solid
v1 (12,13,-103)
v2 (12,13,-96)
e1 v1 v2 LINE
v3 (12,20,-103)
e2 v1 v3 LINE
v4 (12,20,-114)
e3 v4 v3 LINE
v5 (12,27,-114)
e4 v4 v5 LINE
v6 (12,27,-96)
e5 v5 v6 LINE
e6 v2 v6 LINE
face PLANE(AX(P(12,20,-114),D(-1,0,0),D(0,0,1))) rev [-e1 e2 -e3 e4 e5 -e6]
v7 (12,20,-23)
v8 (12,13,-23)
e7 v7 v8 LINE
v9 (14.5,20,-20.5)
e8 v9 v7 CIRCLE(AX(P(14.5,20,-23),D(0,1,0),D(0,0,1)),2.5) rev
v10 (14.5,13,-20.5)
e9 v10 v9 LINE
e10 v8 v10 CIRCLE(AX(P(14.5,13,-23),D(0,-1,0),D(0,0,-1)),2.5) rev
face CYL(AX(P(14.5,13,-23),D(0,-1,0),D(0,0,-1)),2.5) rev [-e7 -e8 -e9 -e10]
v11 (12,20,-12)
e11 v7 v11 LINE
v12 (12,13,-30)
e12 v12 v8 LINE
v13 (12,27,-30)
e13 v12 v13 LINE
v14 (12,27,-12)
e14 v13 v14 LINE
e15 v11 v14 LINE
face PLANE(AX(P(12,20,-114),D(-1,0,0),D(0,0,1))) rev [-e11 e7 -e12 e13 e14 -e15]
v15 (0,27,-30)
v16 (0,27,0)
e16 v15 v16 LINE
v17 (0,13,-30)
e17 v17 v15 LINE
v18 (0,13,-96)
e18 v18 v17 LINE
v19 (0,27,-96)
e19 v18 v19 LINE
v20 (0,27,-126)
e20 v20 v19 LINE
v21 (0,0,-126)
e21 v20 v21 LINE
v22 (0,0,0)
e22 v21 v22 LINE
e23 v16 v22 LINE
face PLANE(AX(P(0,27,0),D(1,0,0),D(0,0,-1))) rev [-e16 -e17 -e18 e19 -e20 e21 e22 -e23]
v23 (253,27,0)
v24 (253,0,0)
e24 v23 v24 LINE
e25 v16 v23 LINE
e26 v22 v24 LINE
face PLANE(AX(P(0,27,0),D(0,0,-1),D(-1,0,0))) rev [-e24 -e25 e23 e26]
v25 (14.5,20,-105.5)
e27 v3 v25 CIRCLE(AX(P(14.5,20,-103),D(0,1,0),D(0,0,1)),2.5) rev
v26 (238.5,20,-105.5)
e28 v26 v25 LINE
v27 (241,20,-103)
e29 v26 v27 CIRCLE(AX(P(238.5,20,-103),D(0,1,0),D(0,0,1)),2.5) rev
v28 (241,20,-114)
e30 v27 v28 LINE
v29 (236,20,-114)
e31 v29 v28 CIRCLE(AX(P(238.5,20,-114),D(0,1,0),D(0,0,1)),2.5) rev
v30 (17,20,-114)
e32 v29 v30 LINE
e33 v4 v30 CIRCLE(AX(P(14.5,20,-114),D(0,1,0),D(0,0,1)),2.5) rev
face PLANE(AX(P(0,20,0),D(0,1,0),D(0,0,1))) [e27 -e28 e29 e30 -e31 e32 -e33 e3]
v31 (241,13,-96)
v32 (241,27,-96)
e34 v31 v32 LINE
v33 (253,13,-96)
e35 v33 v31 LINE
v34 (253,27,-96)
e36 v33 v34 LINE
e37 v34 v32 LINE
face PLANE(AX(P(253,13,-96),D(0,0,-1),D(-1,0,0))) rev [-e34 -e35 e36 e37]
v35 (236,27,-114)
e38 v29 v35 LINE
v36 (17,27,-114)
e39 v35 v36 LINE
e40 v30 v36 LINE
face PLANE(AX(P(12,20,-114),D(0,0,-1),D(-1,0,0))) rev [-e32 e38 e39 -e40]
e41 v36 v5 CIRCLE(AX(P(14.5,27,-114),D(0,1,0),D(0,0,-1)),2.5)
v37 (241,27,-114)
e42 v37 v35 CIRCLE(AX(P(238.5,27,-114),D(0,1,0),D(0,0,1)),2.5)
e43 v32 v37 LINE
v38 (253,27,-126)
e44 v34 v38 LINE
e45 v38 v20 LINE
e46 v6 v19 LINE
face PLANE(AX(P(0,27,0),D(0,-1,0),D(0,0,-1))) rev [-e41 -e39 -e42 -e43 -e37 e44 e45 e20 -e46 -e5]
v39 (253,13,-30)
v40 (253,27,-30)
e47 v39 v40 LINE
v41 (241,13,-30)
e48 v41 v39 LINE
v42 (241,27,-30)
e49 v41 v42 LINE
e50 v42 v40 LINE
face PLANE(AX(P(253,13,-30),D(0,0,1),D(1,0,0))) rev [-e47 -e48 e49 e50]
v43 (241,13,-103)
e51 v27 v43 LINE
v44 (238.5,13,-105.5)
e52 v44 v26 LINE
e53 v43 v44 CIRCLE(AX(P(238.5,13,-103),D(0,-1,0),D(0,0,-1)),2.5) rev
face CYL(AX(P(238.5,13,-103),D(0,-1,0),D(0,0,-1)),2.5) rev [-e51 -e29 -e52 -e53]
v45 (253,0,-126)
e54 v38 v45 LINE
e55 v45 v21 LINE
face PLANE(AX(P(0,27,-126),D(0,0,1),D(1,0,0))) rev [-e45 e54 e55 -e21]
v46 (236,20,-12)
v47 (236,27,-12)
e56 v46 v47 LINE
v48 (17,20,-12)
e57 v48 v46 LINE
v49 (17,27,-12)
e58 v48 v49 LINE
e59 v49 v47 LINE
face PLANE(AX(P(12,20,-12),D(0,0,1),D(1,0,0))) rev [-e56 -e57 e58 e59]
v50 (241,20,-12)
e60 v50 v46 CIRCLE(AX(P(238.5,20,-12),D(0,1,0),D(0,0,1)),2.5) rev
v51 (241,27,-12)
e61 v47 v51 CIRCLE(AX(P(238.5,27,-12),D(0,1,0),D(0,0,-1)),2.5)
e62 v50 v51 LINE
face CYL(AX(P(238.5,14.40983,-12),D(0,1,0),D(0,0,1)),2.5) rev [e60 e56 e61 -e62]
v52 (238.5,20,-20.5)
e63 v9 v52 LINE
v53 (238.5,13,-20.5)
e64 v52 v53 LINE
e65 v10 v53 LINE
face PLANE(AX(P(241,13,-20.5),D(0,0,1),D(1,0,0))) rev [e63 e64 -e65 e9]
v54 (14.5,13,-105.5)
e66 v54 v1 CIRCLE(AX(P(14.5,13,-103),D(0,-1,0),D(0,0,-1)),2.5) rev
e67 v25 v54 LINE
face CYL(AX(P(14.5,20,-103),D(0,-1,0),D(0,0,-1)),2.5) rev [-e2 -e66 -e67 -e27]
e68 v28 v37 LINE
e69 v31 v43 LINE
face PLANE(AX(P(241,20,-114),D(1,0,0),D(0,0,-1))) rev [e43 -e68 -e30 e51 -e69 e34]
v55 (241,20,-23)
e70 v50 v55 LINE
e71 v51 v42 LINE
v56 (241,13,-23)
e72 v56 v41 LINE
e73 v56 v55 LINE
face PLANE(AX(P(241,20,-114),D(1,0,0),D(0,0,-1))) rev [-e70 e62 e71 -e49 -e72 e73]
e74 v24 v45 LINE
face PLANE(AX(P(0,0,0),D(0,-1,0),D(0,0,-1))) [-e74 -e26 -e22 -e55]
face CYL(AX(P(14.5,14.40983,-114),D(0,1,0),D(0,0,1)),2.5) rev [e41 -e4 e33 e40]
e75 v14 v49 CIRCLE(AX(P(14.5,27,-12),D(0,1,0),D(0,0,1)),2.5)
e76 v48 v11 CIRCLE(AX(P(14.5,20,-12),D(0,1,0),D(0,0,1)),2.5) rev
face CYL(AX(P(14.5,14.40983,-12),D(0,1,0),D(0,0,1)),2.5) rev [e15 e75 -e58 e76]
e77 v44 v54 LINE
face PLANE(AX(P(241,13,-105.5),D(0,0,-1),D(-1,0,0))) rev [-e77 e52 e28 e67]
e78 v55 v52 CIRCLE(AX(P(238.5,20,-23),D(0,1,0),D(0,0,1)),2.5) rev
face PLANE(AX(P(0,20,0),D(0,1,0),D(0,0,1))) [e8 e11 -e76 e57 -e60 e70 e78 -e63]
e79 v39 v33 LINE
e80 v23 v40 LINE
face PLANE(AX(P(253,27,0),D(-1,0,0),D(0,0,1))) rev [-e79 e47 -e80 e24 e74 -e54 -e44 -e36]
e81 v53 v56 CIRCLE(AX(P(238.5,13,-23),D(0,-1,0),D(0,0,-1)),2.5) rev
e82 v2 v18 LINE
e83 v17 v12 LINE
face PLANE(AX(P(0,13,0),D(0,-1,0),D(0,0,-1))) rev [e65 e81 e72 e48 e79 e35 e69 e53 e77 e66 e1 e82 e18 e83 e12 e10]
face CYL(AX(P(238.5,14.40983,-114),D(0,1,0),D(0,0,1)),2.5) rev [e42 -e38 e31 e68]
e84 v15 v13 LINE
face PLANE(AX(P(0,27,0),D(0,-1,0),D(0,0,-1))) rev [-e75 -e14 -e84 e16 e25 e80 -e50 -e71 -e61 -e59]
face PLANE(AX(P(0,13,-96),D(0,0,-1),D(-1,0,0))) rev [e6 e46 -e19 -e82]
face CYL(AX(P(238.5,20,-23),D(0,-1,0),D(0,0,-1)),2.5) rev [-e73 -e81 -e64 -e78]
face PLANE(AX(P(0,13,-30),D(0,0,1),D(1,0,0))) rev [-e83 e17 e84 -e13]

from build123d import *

# Parameters (mm, degrees)
SKETCH1_W           = 253
SKETCH1_H           = 126
BOSS_EXTRUDE1_DEPTH = 27
SKETCH2_W           = 229
SKETCH2_H           = 102
CUT_EXTRUDE1_DEPTH  = 7
SKETCH3_W           = 229
SKETCH3_H           = 85
CUT_EXTRUDE2_DEPTH  = 7
SKETCH4_W           = 12
SKETCH4_H           = 66
CUT_EXTRUDE3_DEPTH  = 14
SKETCH5_W           = 12
SKETCH5_H           = 66
CUT_EXTRUDE4_DEPTH  = 14
CUT_EXTRUDE5_DEPTH  = 7
FILLET1_R           = 2.5


with BuildPart() as part:
    # Sketch1 → Boss-Extrude1 (new body)
    with BuildSketch(Plane(origin=(0, 0, 0), x_dir=(1, 0, 0), z_dir=(0, 1, 0))):
        with Locations((126.5, 63)):
            Rectangle(SKETCH1_W, SKETCH1_H)
    extrude(amount=BOSS_EXTRUDE1_DEPTH)

    # Sketch2 → Cut-Extrude1 (cut)
    with BuildSketch(Plane(origin=(0, 27, 0), x_dir=(1, 0, 0), z_dir=(0, 1, 0))):
        with Locations((126.5, 63)):
            Rectangle(SKETCH2_W, SKETCH2_H)
    extrude(amount=-CUT_EXTRUDE1_DEPTH, mode=Mode.SUBTRACT)

    # Sketch3 → Cut-Extrude2 (cut)
    with BuildSketch(Plane(origin=(0, 20, 0), x_dir=(1, 0, 0), z_dir=(0, 1, 0))):
        with Locations((126.5, 63)):
            Rectangle(SKETCH3_W, SKETCH3_H)
    extrude(amount=-CUT_EXTRUDE2_DEPTH, mode=Mode.SUBTRACT)

    # Sketch4 → Cut-Extrude3 (cut)
    with BuildSketch(Plane(origin=(0, 27, 0), x_dir=(1, 0, 0), z_dir=(0, 1, 0))):
        with Locations((6, 63)):
            Rectangle(SKETCH4_W, SKETCH4_H)
    extrude(amount=-CUT_EXTRUDE3_DEPTH, mode=Mode.SUBTRACT)

    # Sketch5 → Cut-Extrude4 (cut)
    with BuildSketch(Plane(origin=(0, 27, 0), x_dir=(1, 0, 0), z_dir=(0, 1, 0))):
        with Locations((247, 63)):
            Rectangle(SKETCH5_W, SKETCH5_H)
    extrude(amount=-CUT_EXTRUDE4_DEPTH, mode=Mode.SUBTRACT)

    # Sketch6 → Cut-Extrude5 (cut)
    with BuildSketch(Plane(origin=(0, 27, 0), x_dir=(1, 0, 0), z_dir=(0, 1, 0))):
        with BuildLine():
            Line((12, 12), (17, 12))
            ThreePointArc((17, 12), (14.5, 9.5), (12, 12))
        make_face()
        with BuildLine():
            Line((236, 12), (241, 12))
            ThreePointArc((241, 12), (238.5, 9.5), (236, 12))
        make_face()
        with BuildLine():
            Line((12, 114), (17, 114))
            ThreePointArc((17, 114), (14.5, 116.5), (12, 114))
        make_face()
        with BuildLine():
            Line((236, 114), (241, 114))
            ThreePointArc((241, 114), (238.5, 116.5), (236, 114))
        make_face()
    extrude(amount=-CUT_EXTRUDE5_DEPTH, mode=Mode.SUBTRACT)

    # Fillet1
    fillet1_edges = [part.edges().sort_by_distance(p)[0] for p in [
        (241, 16.5, -105.5),
        (241, 16.5, -20.5),
        (12, 16.5, -20.5),
        (12, 16.5, -105.5),
    ]]
    fillet(fillet1_edges, radius=FILLET1_R)


solid = part.part
